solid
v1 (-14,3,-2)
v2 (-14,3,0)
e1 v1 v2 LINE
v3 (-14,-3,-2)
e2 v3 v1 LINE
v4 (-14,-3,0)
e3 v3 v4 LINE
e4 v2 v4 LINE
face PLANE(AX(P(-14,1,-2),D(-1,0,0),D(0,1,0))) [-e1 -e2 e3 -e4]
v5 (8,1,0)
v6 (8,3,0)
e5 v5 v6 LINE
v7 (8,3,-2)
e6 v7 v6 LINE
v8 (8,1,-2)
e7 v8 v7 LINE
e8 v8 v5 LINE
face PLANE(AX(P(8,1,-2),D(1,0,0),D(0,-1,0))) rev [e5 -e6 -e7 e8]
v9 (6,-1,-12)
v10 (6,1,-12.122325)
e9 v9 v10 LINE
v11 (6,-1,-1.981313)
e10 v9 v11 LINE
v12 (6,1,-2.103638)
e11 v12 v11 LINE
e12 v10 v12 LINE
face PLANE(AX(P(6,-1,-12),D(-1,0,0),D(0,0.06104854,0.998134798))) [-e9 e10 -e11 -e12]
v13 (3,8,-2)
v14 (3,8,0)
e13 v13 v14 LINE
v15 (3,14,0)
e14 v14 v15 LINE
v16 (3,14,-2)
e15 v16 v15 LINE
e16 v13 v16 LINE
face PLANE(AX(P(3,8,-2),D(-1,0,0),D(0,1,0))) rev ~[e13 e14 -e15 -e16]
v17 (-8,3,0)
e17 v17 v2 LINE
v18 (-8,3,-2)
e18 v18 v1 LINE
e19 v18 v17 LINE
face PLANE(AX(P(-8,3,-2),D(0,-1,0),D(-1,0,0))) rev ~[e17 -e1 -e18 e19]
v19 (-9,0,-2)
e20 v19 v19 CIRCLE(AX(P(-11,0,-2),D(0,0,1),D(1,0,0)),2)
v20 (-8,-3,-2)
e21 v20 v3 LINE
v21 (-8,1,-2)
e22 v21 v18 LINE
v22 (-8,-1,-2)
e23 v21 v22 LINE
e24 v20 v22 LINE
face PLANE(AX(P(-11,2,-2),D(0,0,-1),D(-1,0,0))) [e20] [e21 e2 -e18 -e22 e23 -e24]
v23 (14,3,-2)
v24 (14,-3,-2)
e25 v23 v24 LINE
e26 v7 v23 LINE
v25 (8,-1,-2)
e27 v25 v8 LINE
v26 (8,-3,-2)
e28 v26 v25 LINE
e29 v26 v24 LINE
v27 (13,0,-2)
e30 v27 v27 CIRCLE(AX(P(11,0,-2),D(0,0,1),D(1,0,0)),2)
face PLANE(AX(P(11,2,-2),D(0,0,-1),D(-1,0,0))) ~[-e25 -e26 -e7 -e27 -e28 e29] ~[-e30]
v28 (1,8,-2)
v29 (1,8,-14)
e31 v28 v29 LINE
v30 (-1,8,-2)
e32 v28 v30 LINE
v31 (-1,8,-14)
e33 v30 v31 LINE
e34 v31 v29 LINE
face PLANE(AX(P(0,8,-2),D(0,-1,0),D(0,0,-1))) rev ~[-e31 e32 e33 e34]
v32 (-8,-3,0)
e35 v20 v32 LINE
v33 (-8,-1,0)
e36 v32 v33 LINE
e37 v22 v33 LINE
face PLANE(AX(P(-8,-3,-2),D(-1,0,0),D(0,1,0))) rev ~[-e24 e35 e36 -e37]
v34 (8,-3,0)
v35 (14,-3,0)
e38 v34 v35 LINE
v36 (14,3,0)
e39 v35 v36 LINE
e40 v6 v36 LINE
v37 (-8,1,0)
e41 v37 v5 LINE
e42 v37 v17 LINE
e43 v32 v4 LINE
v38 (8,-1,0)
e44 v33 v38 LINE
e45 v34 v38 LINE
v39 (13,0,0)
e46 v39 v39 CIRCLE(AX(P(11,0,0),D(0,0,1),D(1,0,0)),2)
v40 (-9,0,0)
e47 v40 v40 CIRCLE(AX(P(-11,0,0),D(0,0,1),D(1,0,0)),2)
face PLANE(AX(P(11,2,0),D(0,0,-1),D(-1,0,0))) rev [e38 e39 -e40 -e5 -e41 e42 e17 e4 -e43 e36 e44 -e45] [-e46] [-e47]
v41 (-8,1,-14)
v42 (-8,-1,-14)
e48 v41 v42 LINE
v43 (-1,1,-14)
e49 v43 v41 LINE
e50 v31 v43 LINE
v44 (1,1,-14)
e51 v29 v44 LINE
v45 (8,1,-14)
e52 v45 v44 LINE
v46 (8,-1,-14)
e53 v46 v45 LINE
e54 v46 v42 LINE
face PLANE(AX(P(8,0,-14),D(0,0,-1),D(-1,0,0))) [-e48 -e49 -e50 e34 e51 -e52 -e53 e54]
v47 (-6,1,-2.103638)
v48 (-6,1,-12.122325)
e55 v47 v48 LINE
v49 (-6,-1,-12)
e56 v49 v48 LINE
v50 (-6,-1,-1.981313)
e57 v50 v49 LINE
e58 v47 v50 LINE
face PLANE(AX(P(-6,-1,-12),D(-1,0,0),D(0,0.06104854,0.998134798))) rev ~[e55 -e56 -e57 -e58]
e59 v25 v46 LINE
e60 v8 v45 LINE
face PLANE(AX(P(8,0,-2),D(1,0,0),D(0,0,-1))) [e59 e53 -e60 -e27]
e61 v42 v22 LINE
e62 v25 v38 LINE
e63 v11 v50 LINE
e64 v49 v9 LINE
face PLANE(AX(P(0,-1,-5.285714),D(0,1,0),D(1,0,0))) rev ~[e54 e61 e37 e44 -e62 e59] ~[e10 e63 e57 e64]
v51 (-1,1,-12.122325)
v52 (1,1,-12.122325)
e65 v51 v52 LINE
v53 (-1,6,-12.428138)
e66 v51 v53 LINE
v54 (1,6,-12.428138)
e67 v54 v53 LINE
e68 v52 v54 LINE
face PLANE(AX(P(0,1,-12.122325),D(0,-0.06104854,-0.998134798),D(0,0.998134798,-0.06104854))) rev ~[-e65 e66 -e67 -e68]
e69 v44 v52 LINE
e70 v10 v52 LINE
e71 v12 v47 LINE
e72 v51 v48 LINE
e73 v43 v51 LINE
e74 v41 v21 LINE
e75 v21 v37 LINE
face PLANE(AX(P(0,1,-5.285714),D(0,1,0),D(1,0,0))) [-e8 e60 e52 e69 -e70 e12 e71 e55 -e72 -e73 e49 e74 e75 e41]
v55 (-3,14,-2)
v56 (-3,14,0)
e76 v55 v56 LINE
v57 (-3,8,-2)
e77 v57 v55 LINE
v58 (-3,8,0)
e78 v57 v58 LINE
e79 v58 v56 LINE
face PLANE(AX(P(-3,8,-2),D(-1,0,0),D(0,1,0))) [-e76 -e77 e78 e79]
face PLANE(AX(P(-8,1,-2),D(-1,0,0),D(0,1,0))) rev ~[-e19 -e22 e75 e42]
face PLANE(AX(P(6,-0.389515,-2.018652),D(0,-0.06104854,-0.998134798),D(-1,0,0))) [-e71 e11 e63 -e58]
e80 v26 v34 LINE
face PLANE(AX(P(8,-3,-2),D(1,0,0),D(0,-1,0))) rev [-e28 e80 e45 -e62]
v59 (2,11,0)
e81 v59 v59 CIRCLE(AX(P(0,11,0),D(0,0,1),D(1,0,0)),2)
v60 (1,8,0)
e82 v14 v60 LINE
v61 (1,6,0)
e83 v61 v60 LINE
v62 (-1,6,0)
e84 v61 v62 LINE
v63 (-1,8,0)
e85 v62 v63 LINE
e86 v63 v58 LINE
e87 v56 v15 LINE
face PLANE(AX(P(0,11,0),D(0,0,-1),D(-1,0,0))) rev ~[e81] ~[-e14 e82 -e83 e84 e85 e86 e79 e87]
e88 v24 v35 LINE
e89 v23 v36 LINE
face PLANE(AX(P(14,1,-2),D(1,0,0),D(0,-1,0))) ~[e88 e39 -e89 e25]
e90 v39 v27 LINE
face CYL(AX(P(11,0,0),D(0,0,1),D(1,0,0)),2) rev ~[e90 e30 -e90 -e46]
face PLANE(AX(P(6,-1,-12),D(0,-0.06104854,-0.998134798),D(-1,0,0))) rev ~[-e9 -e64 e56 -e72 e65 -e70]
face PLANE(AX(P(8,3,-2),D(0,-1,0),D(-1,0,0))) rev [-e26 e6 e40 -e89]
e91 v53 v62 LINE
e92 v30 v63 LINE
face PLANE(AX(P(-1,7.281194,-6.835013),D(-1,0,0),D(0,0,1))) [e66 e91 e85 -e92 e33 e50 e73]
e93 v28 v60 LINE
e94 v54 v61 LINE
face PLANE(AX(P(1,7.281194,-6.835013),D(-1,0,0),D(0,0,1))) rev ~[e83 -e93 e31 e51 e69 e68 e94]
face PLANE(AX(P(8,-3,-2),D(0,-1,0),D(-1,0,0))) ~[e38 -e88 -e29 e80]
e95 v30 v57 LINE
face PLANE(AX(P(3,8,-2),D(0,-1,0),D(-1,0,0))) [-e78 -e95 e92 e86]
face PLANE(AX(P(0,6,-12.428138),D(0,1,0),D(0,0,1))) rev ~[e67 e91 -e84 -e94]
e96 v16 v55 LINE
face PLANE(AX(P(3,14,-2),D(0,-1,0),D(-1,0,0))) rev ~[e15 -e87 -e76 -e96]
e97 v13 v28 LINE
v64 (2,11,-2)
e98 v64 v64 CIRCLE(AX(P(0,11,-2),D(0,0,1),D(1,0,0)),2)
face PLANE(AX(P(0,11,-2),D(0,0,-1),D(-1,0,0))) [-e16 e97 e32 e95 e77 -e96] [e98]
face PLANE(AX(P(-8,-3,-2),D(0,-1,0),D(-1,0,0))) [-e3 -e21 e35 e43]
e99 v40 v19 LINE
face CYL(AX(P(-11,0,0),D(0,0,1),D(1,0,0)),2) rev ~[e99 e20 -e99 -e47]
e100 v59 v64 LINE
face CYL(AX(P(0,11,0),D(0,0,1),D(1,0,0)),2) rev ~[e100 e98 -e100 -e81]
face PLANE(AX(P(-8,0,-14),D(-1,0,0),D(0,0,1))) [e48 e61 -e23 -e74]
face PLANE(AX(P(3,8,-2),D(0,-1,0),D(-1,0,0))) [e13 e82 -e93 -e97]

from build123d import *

# Parameters (mm, degrees)
SKETCH6_W           = 12
SKETCH6_H           = 8
BOSS_EXTRUDE5_DEPTH = 1
SKETCH7_W           = 6
SKETCH7_H           = 2
BOSS_EXTRUDE6_DEPTH = 2
SKETCH8_W           = 12
SKETCH8_H           = 10
CUT_EXTRUDE4_DEPTH  = 2.5
BOSS_EXTRUDE7_DEPTH = 1
SKETCH12_W          = 6
SKETCH12_H          = 6
BOSS_EXTRUDE9_DEPTH = 2
SKETCH13_R          = 2
CUT_EXTRUDE7_DEPTH  = 25.248711306


with BuildPart() as part:
    # Sketch6 → Boss-Extrude5 (new, symmetric)
    with BuildSketch(Plane(origin=(0, 0, 0), x_dir=(1, 0, 0), z_dir=(0, 1, 0))):
        Polygon((-14, 0), (14, 0), (14, 2), (8, 2), (8, 14), (-8, 14), (-8, 2), (-14, 2), align=None)
        with Locations((0, 8)):
            Rectangle(SKETCH6_W, SKETCH6_H, mode=Mode.SUBTRACT)
    extrude(amount=BOSS_EXTRUDE5_DEPTH, both=True)

    # Sketch7 → Boss-Extrude6 (add)
    with BuildSketch(Plane(origin=(0, 0, -2), x_dir=(-1, 0, 0), z_dir=(0, 0, -1))):
        with Locations((11, 2)):
            Rectangle(SKETCH7_W, SKETCH7_H)
        with Locations((11, -2)):
            Rectangle(SKETCH7_W, SKETCH7_H)
    boss_extrude6 = extrude(amount=-BOSS_EXTRUDE6_DEPTH)

    # Mirror2: Boss-Extrude6 across plane
    add(boss_extrude6.mirror(Plane(origin=(0, 0, 0), x_dir=(0, 0, 1), z_dir=(1, 0, 0))))

    # Sketch8 → Cut-Extrude4 (cut, symmetric)
    with BuildSketch(Plane(origin=(0, -0.265057015, 0.016211582), x_dir=(-1, 0, 0), z_dir=(0, 0.9981347984218666, -0.061048539534864034))):
        with Locations((0, -7.038666121)):
            Rectangle(SKETCH8_W, SKETCH8_H)
    extrude(amount=CUT_EXTRUDE4_DEPTH, both=True, mode=Mode.SUBTRACT)

    # Sketch10 → Boss-Extrude7 (add, symmetric)
    with BuildSketch(Plane(origin=(0, 0, 0), x_dir=(0, 0, -1), z_dir=(1, 0, 0))):
        Polygon((12.12232524, 1), (12.428138341, 6), (0, 6), (0, 14), (2, 14), (2, 8), (14, 8), (14, 1), align=None)
    extrude(amount=BOSS_EXTRUDE7_DEPTH, both=True)

    # Sketch12 → Boss-Extrude9 (add)
    with BuildSketch(Plane(origin=(0, 0, -2), x_dir=(-1, 0, 0), z_dir=(0, 0, -1))):
        with Locations((0, 11)):
            Rectangle(SKETCH12_W, SKETCH12_H)
    extrude(amount=-BOSS_EXTRUDE9_DEPTH)

    # Sketch13 → Cut-Extrude7 (cut, through all)
    with BuildSketch(Plane.XY):
        with Locations((-11, 0)):
            Circle(SKETCH13_R)
        with Locations((11, 0)):
            Circle(SKETCH13_R)
        with Locations((0, 11)):
            Circle(SKETCH13_R)
    extrude(amount=-CUT_EXTRUDE7_DEPTH, mode=Mode.SUBTRACT)


solid = part.part
